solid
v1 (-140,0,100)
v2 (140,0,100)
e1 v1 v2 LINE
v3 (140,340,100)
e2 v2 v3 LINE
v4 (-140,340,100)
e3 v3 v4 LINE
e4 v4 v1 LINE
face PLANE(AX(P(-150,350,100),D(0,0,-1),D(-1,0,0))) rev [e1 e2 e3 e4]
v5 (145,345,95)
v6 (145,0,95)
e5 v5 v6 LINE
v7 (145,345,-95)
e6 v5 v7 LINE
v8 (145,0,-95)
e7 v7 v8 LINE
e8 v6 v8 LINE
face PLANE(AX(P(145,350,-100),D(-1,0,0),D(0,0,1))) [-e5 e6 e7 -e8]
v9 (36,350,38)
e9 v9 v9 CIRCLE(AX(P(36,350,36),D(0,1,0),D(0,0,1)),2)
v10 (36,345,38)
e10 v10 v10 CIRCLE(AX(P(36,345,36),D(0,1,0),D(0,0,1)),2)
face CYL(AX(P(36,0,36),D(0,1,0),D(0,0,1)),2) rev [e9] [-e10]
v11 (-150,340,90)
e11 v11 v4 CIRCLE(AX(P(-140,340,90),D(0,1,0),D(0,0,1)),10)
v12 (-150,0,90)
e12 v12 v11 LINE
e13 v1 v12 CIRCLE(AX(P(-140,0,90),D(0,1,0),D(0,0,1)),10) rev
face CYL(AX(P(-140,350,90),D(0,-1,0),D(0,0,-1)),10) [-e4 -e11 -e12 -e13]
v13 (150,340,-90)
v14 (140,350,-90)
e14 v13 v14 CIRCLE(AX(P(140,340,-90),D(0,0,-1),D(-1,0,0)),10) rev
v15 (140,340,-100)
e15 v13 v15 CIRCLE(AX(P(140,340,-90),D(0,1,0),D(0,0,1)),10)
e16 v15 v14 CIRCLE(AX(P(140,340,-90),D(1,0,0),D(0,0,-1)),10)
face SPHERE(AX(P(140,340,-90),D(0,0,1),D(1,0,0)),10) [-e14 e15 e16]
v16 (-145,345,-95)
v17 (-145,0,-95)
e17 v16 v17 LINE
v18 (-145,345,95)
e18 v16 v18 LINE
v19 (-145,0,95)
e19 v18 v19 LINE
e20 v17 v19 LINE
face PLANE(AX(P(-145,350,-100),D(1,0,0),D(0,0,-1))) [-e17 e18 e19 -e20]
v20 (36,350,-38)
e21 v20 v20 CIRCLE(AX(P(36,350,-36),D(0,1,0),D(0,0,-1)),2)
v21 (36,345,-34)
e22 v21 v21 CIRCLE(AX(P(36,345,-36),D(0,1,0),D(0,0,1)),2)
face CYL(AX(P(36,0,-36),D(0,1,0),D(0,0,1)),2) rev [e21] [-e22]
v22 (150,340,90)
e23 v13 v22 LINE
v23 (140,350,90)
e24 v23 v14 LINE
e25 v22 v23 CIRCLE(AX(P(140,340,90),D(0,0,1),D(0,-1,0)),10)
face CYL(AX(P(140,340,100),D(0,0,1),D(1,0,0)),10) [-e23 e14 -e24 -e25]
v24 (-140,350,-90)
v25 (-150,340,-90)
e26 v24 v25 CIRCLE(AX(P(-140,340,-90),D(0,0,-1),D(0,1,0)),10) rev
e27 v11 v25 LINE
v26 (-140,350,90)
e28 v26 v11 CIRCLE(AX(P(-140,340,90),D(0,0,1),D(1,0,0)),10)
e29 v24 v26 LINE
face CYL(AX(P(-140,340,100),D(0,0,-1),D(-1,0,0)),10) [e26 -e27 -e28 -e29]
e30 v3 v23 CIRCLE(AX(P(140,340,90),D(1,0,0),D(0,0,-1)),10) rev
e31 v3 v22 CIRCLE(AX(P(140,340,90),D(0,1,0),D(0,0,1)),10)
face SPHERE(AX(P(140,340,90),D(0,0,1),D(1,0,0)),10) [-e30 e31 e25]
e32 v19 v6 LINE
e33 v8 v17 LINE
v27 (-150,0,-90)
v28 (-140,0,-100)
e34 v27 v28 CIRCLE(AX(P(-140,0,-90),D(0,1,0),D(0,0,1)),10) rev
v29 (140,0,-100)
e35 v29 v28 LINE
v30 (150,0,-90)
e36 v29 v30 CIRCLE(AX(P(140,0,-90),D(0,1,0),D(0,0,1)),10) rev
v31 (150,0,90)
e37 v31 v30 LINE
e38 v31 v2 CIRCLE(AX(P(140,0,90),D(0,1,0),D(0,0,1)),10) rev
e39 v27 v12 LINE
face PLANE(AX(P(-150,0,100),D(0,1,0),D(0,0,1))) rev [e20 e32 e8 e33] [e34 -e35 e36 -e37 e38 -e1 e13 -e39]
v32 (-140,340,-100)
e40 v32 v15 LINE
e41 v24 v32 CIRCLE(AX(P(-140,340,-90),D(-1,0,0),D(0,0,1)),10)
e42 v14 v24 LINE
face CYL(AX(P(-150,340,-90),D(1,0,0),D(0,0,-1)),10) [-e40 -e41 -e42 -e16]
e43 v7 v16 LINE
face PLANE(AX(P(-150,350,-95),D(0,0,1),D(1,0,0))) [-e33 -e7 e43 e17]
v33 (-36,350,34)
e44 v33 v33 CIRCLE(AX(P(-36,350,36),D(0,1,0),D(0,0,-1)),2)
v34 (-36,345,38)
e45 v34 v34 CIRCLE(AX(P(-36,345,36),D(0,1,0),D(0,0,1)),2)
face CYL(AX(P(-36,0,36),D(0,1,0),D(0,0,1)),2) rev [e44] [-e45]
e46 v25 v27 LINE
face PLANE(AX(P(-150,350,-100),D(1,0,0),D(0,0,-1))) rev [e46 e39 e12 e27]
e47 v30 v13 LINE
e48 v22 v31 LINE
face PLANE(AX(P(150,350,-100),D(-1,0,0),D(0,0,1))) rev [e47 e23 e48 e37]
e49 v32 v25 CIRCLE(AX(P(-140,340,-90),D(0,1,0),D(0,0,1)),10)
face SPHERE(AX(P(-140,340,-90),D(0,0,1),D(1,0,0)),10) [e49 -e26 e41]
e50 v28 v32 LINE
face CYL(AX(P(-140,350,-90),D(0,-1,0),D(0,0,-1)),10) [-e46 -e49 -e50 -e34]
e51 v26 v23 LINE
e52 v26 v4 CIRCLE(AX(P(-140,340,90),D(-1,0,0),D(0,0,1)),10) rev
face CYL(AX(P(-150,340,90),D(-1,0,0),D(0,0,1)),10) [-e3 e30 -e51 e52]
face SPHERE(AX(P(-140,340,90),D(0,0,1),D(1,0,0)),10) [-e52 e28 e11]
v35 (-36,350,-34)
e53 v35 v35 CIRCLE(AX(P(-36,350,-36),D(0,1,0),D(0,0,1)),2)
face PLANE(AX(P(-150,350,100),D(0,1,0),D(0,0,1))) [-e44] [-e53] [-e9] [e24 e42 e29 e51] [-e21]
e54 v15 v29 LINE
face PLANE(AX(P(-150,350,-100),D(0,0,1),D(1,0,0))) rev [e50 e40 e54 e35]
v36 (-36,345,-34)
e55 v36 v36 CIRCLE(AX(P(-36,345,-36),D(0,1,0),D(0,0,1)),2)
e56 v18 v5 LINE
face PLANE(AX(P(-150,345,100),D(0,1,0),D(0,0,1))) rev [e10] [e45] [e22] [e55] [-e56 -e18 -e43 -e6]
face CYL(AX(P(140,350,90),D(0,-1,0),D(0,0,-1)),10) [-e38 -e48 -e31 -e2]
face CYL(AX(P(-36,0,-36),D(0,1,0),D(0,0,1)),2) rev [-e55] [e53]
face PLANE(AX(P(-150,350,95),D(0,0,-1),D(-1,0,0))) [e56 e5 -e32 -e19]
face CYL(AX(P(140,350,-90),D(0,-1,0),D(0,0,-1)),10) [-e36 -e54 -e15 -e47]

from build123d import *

# Parameters (mm, degrees)
ESQUISSE1_W             = 300
ESQUISSE1_H             = 200
EXTRUSION1_DEPTH        = 350
COQUE2_T                = -5
ESQUISSE2_R             = 2
ENL_V_MAT_EXTRU_1_DEPTH = 394.700393701
CONG_1_R                = 10


with BuildPart() as part:
    # Esquisse1 → Extrusion1 (new body)
    with BuildSketch(Plane(origin=(0, 0, 0), x_dir=(1, 0, 0), z_dir=(0, 1, 0))):
        Rectangle(ESQUISSE1_W, ESQUISSE1_H)
    extrude(amount=EXTRUSION1_DEPTH)

    # Coque2
    coque2_openings = [part.faces().sort_by_distance(p)[0] for p in [
        (0, 0, 0),
    ]]
    offset(amount=COQUE2_T, openings=coque2_openings, kind=Kind.INTERSECTION)

    # Esquisse2 → Enlèv. mat.-Extru.1 (cut, through all)
    with BuildSketch(Plane(origin=(0, 350, 0), x_dir=(1, 0, 0), z_dir=(0, 1, 0))):
        with Locations(Location((-36, 36, 0), (0, 0, 270))):
            Circle(ESQUISSE2_R)
        with Locations(Location((36, 36, 0), (0, 0, 270))):
            Circle(ESQUISSE2_R)
        with Locations(Location((-36, -36, 0), (0, 0, 270))):
            Circle(ESQUISSE2_R)
        with Locations(Location((36, -36, 0), (0, 0, 270))):
            Circle(ESQUISSE2_R)
    extrude(amount=-ENL_V_MAT_EXTRU_1_DEPTH, mode=Mode.SUBTRACT)

    # Congé1
    cong_1_edges = [part.edges().sort_by_distance(p)[0] for p in [
        (150, 350, 0),
        (0, 350, -100),
        (-150, 350, 0),
        (0, 350, 100),
        (-150, 175, -100),
        (150, 175, -100),
        (150, 175, 100),
        (-150, 175, 100),
    ]]
    fillet(cong_1_edges, radius=CONG_1_R)


solid = part.part
